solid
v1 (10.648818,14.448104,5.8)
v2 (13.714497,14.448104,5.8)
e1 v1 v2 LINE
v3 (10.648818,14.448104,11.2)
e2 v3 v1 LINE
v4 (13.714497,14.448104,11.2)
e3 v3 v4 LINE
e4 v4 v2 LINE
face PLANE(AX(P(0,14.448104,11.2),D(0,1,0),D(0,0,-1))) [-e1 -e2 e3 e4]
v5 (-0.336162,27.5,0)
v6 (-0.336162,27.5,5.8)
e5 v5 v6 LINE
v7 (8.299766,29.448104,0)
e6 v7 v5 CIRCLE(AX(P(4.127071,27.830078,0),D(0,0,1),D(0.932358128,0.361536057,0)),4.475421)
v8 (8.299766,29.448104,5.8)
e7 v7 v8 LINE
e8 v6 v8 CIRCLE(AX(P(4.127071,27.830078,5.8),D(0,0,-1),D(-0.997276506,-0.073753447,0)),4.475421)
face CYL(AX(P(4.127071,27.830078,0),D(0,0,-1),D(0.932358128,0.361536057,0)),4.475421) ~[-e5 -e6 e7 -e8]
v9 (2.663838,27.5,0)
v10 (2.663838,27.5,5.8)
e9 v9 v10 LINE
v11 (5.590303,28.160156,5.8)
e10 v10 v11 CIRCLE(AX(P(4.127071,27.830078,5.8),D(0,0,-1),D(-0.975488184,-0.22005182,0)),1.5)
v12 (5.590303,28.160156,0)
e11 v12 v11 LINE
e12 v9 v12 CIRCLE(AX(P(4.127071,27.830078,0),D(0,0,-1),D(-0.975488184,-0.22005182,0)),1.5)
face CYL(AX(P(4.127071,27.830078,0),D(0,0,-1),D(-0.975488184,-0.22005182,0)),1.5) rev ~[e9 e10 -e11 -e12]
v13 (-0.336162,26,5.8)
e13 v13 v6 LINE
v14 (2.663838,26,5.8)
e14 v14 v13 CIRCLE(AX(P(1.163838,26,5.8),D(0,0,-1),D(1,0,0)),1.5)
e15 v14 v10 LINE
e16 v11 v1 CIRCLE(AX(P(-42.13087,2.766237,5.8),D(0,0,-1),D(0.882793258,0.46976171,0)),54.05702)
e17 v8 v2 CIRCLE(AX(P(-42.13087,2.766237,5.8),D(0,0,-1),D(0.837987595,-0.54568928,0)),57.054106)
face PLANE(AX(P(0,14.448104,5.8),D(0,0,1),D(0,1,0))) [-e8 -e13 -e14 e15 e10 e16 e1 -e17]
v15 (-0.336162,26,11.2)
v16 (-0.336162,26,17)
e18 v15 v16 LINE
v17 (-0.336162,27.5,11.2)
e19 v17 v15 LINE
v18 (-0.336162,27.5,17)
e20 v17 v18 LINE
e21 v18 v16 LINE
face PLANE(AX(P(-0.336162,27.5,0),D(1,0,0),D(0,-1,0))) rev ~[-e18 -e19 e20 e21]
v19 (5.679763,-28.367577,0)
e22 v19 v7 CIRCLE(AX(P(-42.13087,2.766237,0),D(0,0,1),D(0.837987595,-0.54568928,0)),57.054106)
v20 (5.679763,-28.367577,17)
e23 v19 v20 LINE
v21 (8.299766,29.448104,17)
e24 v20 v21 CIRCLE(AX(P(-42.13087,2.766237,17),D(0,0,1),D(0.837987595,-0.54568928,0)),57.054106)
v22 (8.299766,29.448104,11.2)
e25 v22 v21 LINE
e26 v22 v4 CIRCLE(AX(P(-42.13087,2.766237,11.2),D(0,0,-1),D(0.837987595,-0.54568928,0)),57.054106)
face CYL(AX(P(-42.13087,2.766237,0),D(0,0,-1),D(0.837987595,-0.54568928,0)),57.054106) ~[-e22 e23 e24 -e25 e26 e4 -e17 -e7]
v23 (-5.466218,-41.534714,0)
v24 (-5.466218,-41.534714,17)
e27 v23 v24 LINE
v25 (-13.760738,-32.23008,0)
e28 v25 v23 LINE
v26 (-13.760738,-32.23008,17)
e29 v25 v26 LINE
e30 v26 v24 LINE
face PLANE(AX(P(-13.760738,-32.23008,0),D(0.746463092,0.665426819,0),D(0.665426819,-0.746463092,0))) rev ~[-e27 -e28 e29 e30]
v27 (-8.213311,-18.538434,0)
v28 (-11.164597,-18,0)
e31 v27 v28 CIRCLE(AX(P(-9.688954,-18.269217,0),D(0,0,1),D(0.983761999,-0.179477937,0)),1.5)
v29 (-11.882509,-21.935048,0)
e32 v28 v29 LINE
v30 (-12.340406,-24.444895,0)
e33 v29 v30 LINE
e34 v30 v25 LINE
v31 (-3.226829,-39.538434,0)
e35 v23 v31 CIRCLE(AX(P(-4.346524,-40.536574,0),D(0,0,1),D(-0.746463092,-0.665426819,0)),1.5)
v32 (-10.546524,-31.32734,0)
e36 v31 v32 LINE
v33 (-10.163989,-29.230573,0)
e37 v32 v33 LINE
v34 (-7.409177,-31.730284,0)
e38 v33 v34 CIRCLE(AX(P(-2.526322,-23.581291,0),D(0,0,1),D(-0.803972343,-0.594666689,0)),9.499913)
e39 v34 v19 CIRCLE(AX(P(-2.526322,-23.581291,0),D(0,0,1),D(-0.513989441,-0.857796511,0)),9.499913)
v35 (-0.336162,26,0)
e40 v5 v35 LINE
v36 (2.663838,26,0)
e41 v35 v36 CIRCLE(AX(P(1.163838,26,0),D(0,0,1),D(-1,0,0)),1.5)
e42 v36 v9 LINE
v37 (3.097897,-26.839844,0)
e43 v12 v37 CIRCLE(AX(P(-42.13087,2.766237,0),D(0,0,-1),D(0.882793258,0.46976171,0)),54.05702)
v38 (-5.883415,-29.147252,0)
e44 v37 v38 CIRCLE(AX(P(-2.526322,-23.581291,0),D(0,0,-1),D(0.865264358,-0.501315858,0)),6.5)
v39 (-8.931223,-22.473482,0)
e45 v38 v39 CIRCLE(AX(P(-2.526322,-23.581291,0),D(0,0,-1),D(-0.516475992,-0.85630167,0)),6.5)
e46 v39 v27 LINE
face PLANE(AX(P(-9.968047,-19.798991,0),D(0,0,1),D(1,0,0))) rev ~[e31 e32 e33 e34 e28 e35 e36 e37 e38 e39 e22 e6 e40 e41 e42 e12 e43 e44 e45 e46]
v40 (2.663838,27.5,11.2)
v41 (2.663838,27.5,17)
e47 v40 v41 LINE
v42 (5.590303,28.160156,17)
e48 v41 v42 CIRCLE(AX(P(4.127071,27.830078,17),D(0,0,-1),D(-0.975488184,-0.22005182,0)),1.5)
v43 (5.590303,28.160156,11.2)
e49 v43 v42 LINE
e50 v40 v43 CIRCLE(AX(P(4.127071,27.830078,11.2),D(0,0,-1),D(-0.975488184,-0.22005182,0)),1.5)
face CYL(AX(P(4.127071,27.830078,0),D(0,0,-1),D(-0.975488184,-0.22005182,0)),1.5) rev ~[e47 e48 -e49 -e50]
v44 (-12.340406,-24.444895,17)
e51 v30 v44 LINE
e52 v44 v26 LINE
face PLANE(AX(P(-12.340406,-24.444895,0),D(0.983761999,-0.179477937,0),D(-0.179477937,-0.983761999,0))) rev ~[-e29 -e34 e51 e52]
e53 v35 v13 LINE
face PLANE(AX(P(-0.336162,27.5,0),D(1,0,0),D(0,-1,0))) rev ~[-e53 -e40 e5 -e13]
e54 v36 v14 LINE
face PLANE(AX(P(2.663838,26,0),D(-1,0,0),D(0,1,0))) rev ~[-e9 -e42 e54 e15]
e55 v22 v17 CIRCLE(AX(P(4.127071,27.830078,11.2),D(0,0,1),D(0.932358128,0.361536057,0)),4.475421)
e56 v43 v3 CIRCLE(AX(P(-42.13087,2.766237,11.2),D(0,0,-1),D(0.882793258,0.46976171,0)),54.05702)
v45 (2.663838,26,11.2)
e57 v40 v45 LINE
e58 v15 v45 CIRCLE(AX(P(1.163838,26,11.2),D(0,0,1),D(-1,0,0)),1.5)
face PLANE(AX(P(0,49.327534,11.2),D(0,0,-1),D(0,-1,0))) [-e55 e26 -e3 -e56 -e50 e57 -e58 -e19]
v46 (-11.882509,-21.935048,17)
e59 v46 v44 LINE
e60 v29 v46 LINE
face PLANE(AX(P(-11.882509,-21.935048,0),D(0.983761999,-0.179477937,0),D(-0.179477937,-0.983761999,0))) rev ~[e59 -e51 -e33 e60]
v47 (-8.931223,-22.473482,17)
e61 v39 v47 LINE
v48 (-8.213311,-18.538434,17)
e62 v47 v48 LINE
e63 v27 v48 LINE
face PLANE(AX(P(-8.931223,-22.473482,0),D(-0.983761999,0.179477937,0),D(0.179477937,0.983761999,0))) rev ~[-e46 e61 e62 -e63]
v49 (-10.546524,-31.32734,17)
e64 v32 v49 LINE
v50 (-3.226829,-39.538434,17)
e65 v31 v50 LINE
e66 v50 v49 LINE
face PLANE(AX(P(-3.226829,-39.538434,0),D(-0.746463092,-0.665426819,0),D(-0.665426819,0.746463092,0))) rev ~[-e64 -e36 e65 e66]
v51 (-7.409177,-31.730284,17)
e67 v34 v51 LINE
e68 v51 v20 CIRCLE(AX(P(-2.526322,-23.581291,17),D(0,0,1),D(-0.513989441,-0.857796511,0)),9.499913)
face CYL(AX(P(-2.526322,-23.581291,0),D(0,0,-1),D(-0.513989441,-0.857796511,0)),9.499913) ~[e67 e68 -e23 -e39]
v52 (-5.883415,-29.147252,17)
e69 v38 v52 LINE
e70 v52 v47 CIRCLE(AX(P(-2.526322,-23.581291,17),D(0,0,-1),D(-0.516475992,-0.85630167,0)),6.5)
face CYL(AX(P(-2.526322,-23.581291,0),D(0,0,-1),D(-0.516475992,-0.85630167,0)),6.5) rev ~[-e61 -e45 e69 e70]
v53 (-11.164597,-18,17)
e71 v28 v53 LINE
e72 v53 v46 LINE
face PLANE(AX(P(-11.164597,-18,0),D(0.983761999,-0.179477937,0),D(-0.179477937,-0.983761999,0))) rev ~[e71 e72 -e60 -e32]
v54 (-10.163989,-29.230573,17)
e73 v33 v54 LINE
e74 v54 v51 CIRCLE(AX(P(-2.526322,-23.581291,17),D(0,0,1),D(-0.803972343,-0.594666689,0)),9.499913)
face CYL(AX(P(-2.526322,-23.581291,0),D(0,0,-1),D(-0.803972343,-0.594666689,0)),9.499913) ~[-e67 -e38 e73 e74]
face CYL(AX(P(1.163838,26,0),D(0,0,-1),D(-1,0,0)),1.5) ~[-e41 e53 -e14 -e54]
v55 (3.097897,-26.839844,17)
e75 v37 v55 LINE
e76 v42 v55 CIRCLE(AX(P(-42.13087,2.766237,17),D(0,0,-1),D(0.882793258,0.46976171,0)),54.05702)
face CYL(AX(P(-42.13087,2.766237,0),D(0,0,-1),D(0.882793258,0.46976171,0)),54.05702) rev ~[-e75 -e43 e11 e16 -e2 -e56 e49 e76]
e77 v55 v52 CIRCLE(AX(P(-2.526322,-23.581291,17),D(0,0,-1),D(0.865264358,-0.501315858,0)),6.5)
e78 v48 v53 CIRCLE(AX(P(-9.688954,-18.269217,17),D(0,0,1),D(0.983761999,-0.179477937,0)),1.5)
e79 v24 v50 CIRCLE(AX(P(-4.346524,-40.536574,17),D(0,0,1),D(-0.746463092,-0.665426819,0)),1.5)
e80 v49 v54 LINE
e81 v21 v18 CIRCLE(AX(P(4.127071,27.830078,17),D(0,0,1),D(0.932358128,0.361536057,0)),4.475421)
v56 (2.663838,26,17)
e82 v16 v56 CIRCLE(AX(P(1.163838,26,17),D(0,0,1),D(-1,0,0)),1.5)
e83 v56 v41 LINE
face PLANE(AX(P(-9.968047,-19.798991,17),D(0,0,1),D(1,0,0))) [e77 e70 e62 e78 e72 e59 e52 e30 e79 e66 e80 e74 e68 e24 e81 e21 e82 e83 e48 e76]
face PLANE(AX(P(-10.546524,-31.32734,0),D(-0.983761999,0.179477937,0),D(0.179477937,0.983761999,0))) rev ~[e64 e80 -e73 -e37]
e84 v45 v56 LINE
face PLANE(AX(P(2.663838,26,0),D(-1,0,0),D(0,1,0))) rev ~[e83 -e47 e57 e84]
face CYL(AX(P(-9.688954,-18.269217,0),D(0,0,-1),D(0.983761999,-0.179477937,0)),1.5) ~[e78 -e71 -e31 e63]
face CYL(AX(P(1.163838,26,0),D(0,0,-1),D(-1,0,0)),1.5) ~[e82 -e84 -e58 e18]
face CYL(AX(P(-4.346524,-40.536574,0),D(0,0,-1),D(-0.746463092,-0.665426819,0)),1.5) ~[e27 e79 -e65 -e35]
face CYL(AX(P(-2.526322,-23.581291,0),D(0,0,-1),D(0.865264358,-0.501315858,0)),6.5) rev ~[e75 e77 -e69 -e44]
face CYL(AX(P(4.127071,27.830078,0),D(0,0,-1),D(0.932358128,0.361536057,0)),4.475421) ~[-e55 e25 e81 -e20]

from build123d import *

# Parameters (mm, degrees)
F1_DEPTH      = 17
F3_DEPTH      = 150
F3_DEPTH_BACK = 25


with BuildPart() as f1:
    # F0 (on Top) → F1 (new body)
    with BuildSketch(Plane.XY):
        with BuildLine():
            Line((-11.8825086199, -21.935047995), (-8.9312226237, -22.4734818057))
            Line((-8.9312226237, -22.4734818057), (-8.213310876, -18.5384338107))
            ThreePointArc((-8.213310876, -18.5384338107), (-9.4197369687, -16.7935739073), (-11.1645968722, -18))
            Line((-11.1645968722, -18), (-11.8825086199, -21.935047995))
        make_face()
        with BuildLine():
            ThreePointArc((2.6638383122, 27.5), (3.7969927434, 29.2933099796), (5.5903028117, 28.1601556887))
            ThreePointArc((5.5903028117, 28.1601556887), (11.8707301214, 0.3190753529), (3.0978968201, -26.8398443113))
            ThreePointArc((3.0978968201, -26.8398443113), (-0.908917448, -29.8768455436), (-5.8834154579, -29.1472520849))
            Line((-5.8834154579, -29.1472520849), (-7.4091766717, -31.7302837762))
            ThreePointArc((-7.4091766717, -31.7302837762), (-0.162444822, -32.7824020899), (5.6797630841, -28.3675768125))
            ThreePointArc((5.6797630841, -28.3675768125), (14.8647434728, 0.183397229), (8.2997657894, 29.4481038135))
            ThreePointArc((8.2997657894, 29.4481038135), (3.1422456973, 32.1957980128), (-0.3361616878, 27.5))
            Line((-0.3361616878, 27.5), (-0.3361616878, 26))
            ThreePointArc((-0.3361616878, 26), (1.1638383122, 24.5), (2.6638383122, 26))
            Line((2.6638383122, 26), (2.6638383122, 27.5))
        make_face()
        with BuildLine():
            Line((-10.5465240559, -31.3273397943), (-10.1639891219, -29.2305732632))
            ThreePointArc((-10.1639891219, -29.2305732632), (-11.7731559311, -25.7594572525), (-11.8825086199, -21.935047995))
            Line((-11.8825086199, -21.935047995), (-12.3404061236, -24.444895006))
            Line((-12.3404061236, -24.444895006), (-13.7607384363, -32.2300800757))
            Line((-13.7607384363, -32.2300800757), (-5.4662183221, -41.5347142683))
            ThreePointArc((-5.4662183221, -41.5347142683), (-3.3483834547, -41.6562686781), (-3.2268290449, -39.5384338107))
            Line((-3.2268290449, -39.5384338107), (-10.5465240559, -31.3273397943))
        make_face()
        with BuildLine():
            Line((-7.4091766717, -31.7302837762), (-5.8834154579, -29.1472520849))
            ThreePointArc((-5.8834154579, -29.1472520849), (-8.4389300147, -26.2814876442), (-8.9312226237, -22.4734818057))
            Line((-8.9312226237, -22.4734818057), (-10.1639891219, -29.2305732632))
            ThreePointArc((-10.1639891219, -29.2305732632), (-8.9101299966, -30.6165839213), (-7.4091766717, -31.7302837762))
        make_face()
        with BuildLine():
            Line((-10.1639891219, -29.2305732632), (-8.9312226237, -22.4734818057))
            Line((-8.9312226237, -22.4734818057), (-11.8825086199, -21.935047995))
            ThreePointArc((-11.8825086199, -21.935047995), (-11.7731559311, -25.7594572525), (-10.1639891219, -29.2305732632))
        make_face()
    extrude(amount=F1_DEPTH)

    # F2 (on Right) → F3 (cut, two sides)
    with BuildSketch(Plane.YZ) as f3_sk:
        Polygon((49.3275342038, 11.2), (28.4481038135, 11.2), (14.4481038135, 11.2), (14.4481038135, 5.8), (49.3275342038, 5.8), align=None)
    extrude(amount=-F3_DEPTH, mode=Mode.SUBTRACT)
    extrude(f3_sk.sketch, amount=F3_DEPTH_BACK, mode=Mode.SUBTRACT)


solid = f1.part
